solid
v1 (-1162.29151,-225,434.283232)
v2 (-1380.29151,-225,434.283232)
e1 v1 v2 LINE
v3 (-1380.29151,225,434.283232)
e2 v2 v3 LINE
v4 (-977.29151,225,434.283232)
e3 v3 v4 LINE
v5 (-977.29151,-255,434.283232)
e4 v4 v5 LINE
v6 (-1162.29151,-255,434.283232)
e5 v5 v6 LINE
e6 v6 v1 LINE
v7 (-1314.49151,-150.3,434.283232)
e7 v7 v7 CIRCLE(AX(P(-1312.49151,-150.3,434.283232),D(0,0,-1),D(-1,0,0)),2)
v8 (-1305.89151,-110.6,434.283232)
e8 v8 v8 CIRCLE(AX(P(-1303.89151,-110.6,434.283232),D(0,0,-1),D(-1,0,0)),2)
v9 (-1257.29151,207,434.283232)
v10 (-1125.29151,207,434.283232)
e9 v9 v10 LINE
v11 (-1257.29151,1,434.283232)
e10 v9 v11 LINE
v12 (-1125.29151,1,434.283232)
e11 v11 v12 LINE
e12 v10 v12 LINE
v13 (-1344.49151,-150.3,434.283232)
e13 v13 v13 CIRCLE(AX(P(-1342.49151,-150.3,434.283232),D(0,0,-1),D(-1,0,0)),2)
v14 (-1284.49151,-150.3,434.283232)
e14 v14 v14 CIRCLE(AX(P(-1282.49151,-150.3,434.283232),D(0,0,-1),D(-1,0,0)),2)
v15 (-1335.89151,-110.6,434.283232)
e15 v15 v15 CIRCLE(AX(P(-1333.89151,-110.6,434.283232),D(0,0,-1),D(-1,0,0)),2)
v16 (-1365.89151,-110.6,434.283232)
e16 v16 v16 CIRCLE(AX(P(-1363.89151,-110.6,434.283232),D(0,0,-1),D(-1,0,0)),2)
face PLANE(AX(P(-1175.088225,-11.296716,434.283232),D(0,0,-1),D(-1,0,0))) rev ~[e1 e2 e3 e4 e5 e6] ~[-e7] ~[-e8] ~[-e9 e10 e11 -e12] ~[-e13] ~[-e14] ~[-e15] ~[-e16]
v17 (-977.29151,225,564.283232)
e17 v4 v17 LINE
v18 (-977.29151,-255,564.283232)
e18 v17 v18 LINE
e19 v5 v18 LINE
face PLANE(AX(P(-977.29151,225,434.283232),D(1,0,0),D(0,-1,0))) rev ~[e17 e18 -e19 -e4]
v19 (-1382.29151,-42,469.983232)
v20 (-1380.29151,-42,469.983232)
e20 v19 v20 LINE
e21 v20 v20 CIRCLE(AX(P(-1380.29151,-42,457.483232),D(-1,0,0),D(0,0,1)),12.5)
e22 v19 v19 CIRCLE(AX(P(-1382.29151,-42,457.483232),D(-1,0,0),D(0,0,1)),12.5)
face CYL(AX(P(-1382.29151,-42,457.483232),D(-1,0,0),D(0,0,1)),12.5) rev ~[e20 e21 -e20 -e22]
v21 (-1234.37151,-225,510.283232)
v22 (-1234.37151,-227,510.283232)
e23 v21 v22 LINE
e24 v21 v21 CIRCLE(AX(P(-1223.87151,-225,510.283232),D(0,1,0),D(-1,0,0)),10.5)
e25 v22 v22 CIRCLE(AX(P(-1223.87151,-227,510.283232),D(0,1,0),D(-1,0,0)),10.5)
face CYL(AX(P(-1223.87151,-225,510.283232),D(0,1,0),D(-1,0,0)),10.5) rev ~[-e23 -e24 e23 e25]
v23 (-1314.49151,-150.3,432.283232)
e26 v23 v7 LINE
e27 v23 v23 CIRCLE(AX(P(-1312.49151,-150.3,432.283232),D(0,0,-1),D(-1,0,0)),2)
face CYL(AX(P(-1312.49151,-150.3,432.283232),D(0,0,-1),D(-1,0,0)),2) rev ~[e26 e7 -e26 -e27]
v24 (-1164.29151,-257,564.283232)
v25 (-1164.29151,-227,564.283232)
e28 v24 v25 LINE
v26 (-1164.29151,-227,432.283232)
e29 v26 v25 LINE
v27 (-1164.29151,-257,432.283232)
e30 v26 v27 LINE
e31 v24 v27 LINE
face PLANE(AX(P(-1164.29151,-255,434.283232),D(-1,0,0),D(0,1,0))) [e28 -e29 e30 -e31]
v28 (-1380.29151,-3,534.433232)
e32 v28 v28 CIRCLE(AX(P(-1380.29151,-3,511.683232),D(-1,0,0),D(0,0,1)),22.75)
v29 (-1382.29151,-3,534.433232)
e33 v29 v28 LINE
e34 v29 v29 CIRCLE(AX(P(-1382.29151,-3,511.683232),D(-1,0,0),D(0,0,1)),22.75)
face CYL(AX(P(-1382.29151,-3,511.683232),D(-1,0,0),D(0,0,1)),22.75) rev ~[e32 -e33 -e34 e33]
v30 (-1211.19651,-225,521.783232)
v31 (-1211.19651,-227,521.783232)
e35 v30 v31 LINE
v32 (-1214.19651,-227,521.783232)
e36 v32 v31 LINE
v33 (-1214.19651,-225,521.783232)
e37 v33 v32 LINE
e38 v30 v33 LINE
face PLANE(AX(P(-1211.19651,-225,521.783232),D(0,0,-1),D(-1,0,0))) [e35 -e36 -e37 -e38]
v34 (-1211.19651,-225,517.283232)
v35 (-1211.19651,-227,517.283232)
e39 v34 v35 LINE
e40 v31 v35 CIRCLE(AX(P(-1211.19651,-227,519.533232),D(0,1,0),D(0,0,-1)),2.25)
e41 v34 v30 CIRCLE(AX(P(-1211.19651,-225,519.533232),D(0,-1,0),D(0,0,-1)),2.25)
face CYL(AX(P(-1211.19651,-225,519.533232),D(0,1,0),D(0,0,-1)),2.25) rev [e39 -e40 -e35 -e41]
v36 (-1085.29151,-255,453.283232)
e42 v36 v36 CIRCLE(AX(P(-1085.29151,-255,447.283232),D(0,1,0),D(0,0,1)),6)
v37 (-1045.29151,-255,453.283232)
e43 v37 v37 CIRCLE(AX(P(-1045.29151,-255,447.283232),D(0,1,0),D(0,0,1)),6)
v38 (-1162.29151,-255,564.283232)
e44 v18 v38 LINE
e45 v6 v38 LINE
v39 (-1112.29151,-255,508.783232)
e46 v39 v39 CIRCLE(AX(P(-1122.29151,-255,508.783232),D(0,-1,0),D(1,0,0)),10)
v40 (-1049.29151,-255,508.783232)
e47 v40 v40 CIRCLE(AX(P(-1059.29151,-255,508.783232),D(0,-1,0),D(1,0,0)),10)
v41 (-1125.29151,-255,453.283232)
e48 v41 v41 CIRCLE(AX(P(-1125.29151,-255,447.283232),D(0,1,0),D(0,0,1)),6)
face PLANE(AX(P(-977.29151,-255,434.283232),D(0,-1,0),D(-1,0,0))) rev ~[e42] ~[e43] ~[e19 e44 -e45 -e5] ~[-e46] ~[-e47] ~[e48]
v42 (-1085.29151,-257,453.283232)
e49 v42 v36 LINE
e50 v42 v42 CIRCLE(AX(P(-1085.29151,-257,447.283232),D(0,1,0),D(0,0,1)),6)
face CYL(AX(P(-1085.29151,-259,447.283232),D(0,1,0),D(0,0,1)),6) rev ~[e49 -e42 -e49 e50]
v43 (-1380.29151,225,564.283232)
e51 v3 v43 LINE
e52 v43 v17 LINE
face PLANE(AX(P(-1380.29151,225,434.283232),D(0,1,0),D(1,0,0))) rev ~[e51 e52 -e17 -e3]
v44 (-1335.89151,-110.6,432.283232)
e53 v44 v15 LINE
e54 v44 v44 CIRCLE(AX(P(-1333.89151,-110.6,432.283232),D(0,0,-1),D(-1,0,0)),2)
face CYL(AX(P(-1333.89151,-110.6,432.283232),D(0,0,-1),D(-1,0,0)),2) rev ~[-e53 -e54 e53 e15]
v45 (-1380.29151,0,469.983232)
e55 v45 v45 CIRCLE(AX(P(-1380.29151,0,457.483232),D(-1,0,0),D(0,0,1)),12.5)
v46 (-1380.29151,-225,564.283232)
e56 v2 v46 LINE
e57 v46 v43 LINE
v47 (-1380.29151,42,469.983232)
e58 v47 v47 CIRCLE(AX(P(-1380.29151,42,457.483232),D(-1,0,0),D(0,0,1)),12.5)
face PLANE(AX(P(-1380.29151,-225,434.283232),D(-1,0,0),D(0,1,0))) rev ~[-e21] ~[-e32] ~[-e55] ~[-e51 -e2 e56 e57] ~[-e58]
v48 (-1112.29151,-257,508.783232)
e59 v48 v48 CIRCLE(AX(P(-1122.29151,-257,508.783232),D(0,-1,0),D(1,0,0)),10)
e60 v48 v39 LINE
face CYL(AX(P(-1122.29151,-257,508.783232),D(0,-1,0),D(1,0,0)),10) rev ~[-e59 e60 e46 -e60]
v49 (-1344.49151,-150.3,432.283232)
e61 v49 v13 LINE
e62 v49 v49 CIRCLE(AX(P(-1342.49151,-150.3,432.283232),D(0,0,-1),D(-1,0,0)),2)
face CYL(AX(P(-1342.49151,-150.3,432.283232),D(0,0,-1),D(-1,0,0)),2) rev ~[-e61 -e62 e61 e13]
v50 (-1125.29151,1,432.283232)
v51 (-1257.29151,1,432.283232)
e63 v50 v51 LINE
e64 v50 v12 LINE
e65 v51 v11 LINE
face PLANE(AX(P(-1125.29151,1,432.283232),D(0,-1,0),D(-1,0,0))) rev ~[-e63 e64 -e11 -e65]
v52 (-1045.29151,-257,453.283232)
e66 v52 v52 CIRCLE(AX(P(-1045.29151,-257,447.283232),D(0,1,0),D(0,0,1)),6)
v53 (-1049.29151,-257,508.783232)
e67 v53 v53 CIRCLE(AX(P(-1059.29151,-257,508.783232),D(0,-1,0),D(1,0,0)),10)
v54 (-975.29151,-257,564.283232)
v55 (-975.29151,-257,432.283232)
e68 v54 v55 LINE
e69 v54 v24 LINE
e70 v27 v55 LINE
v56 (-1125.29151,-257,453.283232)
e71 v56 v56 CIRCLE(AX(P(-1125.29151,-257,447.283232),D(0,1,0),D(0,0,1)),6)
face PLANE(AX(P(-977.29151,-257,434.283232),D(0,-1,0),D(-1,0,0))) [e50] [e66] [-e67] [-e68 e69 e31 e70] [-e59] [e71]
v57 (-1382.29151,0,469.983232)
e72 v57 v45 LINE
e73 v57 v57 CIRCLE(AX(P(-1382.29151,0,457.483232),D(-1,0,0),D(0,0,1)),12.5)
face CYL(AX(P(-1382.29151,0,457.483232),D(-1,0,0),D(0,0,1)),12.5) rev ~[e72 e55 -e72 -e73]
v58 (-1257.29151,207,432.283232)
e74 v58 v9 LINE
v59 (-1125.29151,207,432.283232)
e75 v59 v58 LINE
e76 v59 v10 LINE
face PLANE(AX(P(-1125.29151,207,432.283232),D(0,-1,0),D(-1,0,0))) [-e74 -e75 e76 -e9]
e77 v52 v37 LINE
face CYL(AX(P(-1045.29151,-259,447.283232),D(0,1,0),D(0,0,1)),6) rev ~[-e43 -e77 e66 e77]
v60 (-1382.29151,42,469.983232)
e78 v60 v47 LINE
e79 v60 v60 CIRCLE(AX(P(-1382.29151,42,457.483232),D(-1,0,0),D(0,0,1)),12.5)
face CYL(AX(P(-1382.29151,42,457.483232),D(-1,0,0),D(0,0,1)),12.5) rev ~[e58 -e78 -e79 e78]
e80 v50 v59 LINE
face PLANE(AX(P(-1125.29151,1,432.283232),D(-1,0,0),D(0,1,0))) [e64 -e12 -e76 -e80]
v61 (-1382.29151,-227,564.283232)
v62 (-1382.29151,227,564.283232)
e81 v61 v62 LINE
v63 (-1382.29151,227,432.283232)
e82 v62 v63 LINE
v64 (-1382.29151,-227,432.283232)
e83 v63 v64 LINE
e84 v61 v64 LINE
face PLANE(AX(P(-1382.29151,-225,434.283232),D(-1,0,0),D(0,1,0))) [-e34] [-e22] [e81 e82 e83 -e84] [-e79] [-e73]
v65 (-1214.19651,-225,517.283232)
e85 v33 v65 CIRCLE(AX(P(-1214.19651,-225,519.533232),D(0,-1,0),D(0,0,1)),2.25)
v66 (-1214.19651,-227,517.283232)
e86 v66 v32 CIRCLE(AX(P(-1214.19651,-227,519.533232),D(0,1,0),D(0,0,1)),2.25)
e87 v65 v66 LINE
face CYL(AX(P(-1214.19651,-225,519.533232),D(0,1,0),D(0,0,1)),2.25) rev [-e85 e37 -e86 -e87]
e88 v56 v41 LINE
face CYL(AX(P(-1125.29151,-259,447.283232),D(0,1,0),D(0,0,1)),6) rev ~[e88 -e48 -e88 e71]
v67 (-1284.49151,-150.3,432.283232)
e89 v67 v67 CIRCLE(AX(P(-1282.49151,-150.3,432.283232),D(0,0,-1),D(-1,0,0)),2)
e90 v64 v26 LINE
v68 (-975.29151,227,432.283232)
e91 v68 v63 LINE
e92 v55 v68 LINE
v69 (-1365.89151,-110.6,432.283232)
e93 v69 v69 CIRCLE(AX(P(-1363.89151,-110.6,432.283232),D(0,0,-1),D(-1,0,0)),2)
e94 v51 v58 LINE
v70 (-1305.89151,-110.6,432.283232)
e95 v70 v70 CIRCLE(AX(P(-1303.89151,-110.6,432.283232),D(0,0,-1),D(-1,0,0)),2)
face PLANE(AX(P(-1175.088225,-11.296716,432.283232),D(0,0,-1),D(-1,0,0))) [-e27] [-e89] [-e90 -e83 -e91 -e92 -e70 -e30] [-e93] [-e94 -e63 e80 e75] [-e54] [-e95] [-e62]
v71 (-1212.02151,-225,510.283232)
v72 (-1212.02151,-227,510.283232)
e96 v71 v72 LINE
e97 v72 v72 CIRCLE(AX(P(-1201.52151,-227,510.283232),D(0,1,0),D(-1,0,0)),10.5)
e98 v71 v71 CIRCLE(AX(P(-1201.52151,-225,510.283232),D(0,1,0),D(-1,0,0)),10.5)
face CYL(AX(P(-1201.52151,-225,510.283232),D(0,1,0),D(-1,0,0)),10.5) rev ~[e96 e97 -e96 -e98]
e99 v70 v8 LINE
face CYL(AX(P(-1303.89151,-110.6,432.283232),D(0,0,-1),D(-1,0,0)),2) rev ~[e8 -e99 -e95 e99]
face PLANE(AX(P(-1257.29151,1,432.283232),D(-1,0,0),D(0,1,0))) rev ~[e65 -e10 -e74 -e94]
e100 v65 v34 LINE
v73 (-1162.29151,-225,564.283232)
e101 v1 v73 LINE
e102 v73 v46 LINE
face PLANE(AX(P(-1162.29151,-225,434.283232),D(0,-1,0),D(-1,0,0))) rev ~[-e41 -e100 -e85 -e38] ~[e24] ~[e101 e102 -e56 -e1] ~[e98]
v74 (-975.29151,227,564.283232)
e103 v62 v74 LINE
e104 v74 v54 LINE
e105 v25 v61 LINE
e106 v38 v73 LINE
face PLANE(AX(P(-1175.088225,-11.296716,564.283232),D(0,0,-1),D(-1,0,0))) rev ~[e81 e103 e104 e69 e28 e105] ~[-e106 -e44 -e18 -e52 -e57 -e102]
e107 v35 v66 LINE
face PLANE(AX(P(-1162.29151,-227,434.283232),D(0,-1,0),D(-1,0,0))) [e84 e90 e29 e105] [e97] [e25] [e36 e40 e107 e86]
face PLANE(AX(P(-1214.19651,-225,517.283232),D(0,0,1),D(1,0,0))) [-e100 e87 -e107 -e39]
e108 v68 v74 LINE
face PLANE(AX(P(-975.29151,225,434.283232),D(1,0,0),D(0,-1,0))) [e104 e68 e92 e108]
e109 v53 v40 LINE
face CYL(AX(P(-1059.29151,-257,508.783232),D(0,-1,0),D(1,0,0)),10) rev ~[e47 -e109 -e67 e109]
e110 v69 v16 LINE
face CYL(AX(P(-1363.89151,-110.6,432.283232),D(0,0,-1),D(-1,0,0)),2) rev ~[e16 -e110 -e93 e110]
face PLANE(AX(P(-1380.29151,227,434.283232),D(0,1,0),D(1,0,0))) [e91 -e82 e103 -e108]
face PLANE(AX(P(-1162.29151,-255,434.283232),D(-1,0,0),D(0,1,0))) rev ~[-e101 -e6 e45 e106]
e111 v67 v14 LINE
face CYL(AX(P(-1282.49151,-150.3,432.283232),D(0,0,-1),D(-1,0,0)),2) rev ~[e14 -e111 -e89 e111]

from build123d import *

# Parameters (mm, degrees)
DODANIE_WYCI_GNI_CIE1_DEPTH     = 130
SKORUPA1_T                      = 2
WYTNIJ_WYCI_GNI_CIE1_REACH      = 1414.162
SZKIC6_W                        = 132
SZKIC6_H                        = 206
OTWORY_USTALAJ_CE_12_0MM1_D     = 12
OTWORY_USTALAJ_CE_12_0MM1_DEPTH = 2
SZKIC10_R                       = 12.5
SZKIC10_R_2                     = 22.75
WYTNIJ_WYCI_GNI_CIE2_DEPTH      = 10
SZKIC8_R                        = 10
WYTNIJ_WYCI_GNI_CIE3_DEPTH      = 10
SZKIC11_R                       = 2
WYTNIJ_WYCI_GNI_CIE4_DEPTH      = 10
SZKIC12_R                       = 10.5
WYTNIJ_WYCI_GNI_CIE5_DEPTH      = 10


with BuildPart() as part:
    # Szkic1 → Dodanie-wyciągnięcie1 (new body)
    with BuildSketch(Plane.XY.offset(434.283231707)):
        Polygon((-977.291509632, 225), (-977.291509632, -255), (-1162.291509632, -255), (-1162.291509632, -225), (-1380.291509632, -225), (-1380.291509632, 225), align=None)
    extrude(amount=DODANIE_WYCI_GNI_CIE1_DEPTH)

    # Skorupa1
    skorupa1_openings = [part.faces().sort_by_distance(p)[0] for p in [
        (-1175.554752008, -7.126805778, 564.283231707),
    ]]
    offset(amount=SKORUPA1_T, openings=skorupa1_openings, kind=Kind.INTERSECTION)

    # Szkic6 → Wytnij-wyciągnięcie1 (cut, up to next)
    with BuildSketch(Plane(origin=(0, 0, 432.283231707), x_dir=(-1, 0, 0), z_dir=(0, 0, -1)), mode=Mode.PRIVATE) as wytnij_wyci_gni_cie1_sk1:
        with Locations((1191.291509632, 104)):
            Rectangle(SZKIC6_W, SZKIC6_H)
    wytnij_wyci_gni_cie1_tool1 = extrude(wytnij_wyci_gni_cie1_sk1.sketch, amount=-WYTNIJ_WYCI_GNI_CIE1_REACH, mode=Mode.PRIVATE) & part.part
    add(wytnij_wyci_gni_cie1_tool1.solids().sort_by_distance((-1191.29151, 104, 432.283232))[0], mode=Mode.SUBTRACT)

    # Otwory ustalające Ø12.0mm1
    with Locations(Plane(origin=(-1125.291509632, -257, 447.283231707), x_dir=(0, 0, -1), z_dir=(0, -1, 0))):
        with Locations((0, 0), (0, 40), (0, 80)):
            Hole(OTWORY_USTALAJ_CE_12_0MM1_D / 2, depth=OTWORY_USTALAJ_CE_12_0MM1_DEPTH)

    # Szkic10 → Wytnij-wyciągnięcie2 (cut)
    with BuildSketch(Plane.ZY.offset(1382.291509632)):
        with Locations((457.483231707, 42)):
            Circle(SZKIC10_R)
        with Locations((457.483231707, 0)):
            Circle(SZKIC10_R)
        with Locations((457.483231707, -42)):
            Circle(SZKIC10_R)
        with Locations((511.683231707, -3)):
            Circle(SZKIC10_R_2)
    extrude(amount=-WYTNIJ_WYCI_GNI_CIE2_DEPTH, mode=Mode.SUBTRACT)

    # Szkic8 → Wytnij-wyciągnięcie3 (cut)
    with BuildSketch(Plane.XZ.offset(257)):
        with Locations((-1122.291509632, 508.783231707)):
            Circle(SZKIC8_R)
        with Locations((-1059.291509632, 508.783231707)):
            Circle(SZKIC8_R)
    extrude(amount=-WYTNIJ_WYCI_GNI_CIE3_DEPTH, mode=Mode.SUBTRACT)

    # Szkic11 → Wytnij-wyciągnięcie4 (cut)
    with BuildSketch(Plane(origin=(0, 0, 432.283231707), x_dir=(-1, 0, 0), z_dir=(0, 0, -1))):
        with Locations((1363.891509632, -110.6)):
            Circle(SZKIC11_R)
        with Locations((1342.491509632, -150.3)):
            Circle(SZKIC11_R)
        with Locations((1312.491509632, -150.3)):
            Circle(SZKIC11_R)
        with Locations((1333.891509632, -110.6)):
            Circle(SZKIC11_R)
        with Locations((1282.491509632, -150.3)):
            Circle(SZKIC11_R)
        with Locations((1303.891509632, -110.6)):
            Circle(SZKIC11_R)
    extrude(amount=-WYTNIJ_WYCI_GNI_CIE4_DEPTH, mode=Mode.SUBTRACT)

    # Szkic12 → Wytnij-wyciągnięcie5 (cut)
    with BuildSketch(Plane(origin=(0, -225, 0), x_dir=(1, 0, 0), z_dir=(0, 1, 0))):
        with Locations(Location((-1201.521509632, -510.283231707, 0), (0, 0, 180))):
            Circle(SZKIC12_R)
        with Locations(Location((-1223.871509632, -510.283231707, 0), (0, 0, 180))):
            Circle(SZKIC12_R)
        with BuildLine():
            Line((-1211.196509632, -521.783231707), (-1214.196509632, -521.783231707))
            ThreePointArc((-1214.196509632, -521.783231707), (-1216.446509632, -519.533231707), (-1214.196509632, -517.283231707))
            Line((-1214.196509632, -517.283231707), (-1211.196509632, -517.283231707))
            ThreePointArc((-1211.196509632, -517.283231707), (-1208.946509632, -519.533231707), (-1211.196509632, -521.783231707))
        make_face()
    extrude(amount=-WYTNIJ_WYCI_GNI_CIE5_DEPTH, mode=Mode.SUBTRACT)


solid = part.part
